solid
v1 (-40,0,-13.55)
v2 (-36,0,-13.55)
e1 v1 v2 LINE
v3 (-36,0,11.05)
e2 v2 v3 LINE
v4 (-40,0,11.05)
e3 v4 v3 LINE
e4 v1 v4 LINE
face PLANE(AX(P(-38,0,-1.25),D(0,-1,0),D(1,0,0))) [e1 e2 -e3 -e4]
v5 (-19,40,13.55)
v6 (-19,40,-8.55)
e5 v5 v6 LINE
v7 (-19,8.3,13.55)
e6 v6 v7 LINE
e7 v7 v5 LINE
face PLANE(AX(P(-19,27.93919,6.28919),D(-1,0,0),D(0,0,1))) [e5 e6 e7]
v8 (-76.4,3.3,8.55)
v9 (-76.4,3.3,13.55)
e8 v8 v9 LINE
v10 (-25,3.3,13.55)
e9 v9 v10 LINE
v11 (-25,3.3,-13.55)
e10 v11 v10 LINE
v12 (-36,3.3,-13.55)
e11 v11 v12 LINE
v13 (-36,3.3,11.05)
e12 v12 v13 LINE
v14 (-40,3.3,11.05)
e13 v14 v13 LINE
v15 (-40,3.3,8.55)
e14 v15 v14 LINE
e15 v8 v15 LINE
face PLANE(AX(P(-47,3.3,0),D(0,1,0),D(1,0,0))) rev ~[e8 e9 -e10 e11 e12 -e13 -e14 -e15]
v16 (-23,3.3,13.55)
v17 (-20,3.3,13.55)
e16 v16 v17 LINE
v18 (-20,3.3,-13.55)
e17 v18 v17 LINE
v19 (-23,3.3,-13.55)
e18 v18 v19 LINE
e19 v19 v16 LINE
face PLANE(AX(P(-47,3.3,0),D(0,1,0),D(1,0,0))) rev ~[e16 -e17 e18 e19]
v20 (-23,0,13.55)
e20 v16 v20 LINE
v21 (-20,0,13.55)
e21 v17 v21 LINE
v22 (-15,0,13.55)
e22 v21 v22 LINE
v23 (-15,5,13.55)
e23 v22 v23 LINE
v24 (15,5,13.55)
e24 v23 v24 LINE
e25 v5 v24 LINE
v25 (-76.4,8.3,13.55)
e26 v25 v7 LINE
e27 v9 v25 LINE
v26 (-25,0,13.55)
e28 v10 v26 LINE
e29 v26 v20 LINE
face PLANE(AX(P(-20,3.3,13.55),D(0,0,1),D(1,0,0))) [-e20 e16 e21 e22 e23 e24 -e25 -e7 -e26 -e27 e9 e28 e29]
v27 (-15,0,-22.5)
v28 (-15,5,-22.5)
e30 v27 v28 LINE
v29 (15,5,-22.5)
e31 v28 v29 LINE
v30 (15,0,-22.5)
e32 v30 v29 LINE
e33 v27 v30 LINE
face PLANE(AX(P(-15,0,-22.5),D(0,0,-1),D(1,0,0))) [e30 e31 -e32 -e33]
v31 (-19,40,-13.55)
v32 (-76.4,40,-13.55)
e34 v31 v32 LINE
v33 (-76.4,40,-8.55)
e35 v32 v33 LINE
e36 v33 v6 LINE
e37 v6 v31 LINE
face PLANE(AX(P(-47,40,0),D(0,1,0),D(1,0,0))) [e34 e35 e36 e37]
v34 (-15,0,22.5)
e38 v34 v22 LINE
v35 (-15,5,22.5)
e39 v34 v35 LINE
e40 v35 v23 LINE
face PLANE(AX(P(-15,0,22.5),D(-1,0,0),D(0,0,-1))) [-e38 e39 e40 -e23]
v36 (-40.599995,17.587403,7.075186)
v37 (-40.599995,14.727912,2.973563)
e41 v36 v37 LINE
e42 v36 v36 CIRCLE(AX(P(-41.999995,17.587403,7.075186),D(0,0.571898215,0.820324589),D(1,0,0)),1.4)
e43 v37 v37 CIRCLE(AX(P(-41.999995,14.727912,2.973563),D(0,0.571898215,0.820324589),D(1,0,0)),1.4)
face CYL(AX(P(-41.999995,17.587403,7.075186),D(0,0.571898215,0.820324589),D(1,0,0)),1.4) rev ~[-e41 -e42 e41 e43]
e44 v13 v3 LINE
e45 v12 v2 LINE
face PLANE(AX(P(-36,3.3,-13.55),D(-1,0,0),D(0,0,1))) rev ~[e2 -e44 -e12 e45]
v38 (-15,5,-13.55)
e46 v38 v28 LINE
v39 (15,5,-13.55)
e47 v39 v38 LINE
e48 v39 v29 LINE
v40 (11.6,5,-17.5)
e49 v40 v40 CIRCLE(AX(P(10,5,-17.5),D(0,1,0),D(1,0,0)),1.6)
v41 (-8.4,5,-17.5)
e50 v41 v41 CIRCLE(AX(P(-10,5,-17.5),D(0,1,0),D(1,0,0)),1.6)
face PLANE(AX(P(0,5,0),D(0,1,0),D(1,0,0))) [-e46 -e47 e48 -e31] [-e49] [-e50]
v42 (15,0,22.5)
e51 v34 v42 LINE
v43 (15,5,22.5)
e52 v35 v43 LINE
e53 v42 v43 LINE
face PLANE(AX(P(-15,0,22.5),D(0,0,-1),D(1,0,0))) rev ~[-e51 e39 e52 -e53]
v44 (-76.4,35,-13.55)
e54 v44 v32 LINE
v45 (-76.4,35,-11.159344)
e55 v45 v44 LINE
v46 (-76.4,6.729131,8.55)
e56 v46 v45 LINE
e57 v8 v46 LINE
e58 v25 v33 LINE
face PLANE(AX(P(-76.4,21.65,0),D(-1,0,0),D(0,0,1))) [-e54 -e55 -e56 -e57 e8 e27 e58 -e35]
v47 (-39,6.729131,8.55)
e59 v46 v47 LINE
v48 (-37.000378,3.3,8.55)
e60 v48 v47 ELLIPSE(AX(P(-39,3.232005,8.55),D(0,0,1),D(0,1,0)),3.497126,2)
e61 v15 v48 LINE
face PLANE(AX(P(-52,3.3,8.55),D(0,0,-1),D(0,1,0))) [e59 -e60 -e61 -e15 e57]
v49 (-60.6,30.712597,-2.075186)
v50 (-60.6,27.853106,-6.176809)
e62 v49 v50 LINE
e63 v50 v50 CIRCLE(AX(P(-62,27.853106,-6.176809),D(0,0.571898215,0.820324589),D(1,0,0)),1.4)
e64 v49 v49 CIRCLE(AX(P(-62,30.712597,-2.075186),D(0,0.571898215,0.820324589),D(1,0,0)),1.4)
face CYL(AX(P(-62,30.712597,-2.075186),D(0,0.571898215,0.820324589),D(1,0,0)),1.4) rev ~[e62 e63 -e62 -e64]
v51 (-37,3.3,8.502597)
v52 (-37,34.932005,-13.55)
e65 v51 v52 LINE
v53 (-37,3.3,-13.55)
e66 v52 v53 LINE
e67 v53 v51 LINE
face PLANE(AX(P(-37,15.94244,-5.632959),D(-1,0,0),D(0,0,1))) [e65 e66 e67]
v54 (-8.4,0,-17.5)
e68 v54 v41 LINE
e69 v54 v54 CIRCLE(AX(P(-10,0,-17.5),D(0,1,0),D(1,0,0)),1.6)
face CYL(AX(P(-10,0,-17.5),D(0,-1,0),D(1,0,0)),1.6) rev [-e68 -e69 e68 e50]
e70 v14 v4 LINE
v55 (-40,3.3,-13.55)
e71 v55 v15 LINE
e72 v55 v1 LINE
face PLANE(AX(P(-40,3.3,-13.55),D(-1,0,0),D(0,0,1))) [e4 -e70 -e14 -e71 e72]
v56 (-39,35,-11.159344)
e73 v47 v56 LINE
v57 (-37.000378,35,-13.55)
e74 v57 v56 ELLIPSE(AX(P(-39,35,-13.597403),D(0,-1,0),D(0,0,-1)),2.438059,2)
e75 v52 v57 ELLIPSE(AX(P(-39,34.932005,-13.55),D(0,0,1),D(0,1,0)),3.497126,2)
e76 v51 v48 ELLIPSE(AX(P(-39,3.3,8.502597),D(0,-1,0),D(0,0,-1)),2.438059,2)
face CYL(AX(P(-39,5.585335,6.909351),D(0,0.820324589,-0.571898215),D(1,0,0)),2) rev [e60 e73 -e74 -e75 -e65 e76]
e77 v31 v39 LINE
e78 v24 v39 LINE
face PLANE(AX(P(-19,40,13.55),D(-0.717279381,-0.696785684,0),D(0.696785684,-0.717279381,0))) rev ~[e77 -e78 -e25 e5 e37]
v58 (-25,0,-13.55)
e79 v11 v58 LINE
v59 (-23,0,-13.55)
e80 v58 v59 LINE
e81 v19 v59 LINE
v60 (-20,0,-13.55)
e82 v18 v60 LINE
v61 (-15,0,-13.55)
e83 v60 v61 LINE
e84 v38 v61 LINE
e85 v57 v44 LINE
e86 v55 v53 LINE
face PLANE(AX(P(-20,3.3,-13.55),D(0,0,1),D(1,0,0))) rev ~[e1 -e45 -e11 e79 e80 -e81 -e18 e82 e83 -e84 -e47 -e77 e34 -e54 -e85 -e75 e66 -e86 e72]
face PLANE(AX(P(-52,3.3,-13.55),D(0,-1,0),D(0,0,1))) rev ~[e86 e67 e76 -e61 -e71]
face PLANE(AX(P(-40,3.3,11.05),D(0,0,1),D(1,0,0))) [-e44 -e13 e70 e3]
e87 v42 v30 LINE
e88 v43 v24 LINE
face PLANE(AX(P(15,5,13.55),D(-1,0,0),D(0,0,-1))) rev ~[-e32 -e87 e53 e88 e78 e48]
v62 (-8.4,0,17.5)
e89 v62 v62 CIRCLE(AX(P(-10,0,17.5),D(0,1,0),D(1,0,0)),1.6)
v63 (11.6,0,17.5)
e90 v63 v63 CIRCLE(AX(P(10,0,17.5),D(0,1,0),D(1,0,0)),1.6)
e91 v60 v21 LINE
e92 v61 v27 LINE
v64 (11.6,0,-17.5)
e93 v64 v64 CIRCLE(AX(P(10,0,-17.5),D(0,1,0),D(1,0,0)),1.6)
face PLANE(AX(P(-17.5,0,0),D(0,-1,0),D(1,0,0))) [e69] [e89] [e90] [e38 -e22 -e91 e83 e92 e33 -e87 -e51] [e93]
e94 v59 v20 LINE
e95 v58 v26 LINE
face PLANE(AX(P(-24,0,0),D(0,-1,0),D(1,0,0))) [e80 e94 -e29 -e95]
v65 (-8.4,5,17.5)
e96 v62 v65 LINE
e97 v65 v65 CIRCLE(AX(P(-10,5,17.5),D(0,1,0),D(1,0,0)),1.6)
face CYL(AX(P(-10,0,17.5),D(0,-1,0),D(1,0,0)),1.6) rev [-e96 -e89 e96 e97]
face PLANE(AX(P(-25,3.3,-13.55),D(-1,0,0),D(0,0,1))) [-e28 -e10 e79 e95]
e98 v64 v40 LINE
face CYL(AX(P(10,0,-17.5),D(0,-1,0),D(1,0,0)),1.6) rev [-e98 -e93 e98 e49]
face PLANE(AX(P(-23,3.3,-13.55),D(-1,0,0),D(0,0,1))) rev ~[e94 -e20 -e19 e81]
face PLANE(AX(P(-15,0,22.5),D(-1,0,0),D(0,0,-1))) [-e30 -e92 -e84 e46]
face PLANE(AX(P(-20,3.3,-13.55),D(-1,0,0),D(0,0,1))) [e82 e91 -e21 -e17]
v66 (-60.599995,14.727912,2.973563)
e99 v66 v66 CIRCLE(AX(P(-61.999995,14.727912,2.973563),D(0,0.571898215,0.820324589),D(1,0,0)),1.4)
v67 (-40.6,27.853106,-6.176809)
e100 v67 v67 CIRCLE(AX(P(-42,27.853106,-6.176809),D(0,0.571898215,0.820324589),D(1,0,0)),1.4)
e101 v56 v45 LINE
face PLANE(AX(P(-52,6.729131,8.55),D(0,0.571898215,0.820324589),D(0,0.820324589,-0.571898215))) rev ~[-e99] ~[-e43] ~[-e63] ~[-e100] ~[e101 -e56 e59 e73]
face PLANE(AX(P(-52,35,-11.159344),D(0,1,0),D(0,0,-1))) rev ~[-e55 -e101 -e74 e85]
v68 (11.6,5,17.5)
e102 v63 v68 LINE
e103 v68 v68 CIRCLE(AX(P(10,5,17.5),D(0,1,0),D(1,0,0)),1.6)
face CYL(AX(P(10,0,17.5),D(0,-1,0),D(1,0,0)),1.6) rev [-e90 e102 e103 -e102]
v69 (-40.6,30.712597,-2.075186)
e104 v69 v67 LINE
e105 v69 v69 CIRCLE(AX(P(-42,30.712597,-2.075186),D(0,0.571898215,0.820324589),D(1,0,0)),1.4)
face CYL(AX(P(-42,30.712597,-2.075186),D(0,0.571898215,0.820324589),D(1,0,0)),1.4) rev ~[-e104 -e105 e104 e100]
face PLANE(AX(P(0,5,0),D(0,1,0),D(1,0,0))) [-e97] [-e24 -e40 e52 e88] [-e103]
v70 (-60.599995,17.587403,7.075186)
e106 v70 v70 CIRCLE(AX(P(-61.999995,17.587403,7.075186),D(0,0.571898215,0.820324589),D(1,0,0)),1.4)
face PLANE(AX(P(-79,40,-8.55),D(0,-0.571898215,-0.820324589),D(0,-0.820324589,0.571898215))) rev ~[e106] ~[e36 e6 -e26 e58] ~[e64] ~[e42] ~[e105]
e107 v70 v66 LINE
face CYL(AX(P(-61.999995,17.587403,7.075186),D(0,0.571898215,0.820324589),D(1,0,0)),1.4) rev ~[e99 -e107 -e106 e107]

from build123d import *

# Parameters (mm, degrees)
SKETCH1_W                = 30
SKETCH1_H                = 45
SKETCH1_R                = 1.6
BOSS_EXTRUDE3_DEPTH      = 5
SKETCH2_W                = 64
SKETCH2_H                = 27.1
SKETCH2_W_2              = 30
BOSS_EXTRUDE4_DEPTH      = 35
BOSS_EXTRUDE4_DEPTH_BACK = 1.7
SKETCH3_W                = 4
SKETCH3_H                = 24.6
SKETCH3_W_2              = 5
SKETCH3_H_2              = 27.1
SKETCH3_W_3              = 2
BOSS_EXTRUDE5_DEPTH      = 3.3
CUT_EXTRUDE2_DEPTH       = 60
SKETCH6_R                = 1.4
CUT_EXTRUDE3_DEPTH       = 39
SKETCH7_W                = 27.1
SKETCH7_H                = 36.7
CUT_EXTRUDE4_DEPTH       = 2.6
CUT_EXTRUDE5_DEPTH       = 15
CUT_EXTRUDE5_DEPTH_BACK  = 15
CUT_EXTRUDE6_DEPTH       = 9.4
CUT_EXTRUDE7_DEPTH       = 37.05
FILLET1_R                = 2


with BuildPart() as part:
    # Sketch1 → Boss-Extrude3 (new body)
    with BuildSketch(Plane(origin=(0, 0, 0), x_dir=(1, 0, 0), z_dir=(0, 1, 0))):
        Rectangle(SKETCH1_W, SKETCH1_H)
        with Locations((-10, 17.5)):
            Circle(SKETCH1_R, mode=Mode.SUBTRACT)
        with Locations((10, 17.5)):
            Circle(SKETCH1_R, mode=Mode.SUBTRACT)
        with Locations((10, -17.5)):
            Circle(SKETCH1_R, mode=Mode.SUBTRACT)
        with Locations((-10, -17.5)):
            Circle(SKETCH1_R, mode=Mode.SUBTRACT)
    extrude(amount=BOSS_EXTRUDE3_DEPTH)

    # Sketch2 → Boss-Extrude4 (add, two sides)
    with BuildSketch(Plane(origin=(0, 5, 0), x_dir=(1, 0, 0), z_dir=(0, 1, 0))) as boss_extrude4_sk:
        with Locations((-47, 0)):
            Rectangle(SKETCH2_W, SKETCH2_H)
        Rectangle(SKETCH2_W_2, SKETCH2_H)
    extrude(amount=BOSS_EXTRUDE4_DEPTH)
    extrude(boss_extrude4_sk.sketch, amount=-BOSS_EXTRUDE4_DEPTH_BACK)

    # Sketch3 → Boss-Extrude5 (add)
    with BuildSketch(Plane.XZ.offset(-3.3)):
        with Locations((-38, -1.25)):
            Rectangle(SKETCH3_W, SKETCH3_H)
        with Locations((-17.5, 0)):
            Rectangle(SKETCH3_W_2, SKETCH3_H_2)
        with Locations((-24, 0)):
            Rectangle(SKETCH3_W_3, SKETCH3_H_2)
    extrude(amount=BOSS_EXTRUDE5_DEPTH)

    # Sketch5 → Cut-Extrude2 (cut)
    with BuildSketch(Plane.ZY.offset(79)):
        Polygon((-8.55, 40), (13.55, 8.3), (13.55, 40), align=None)
    extrude(amount=-CUT_EXTRUDE2_DEPTH, mode=Mode.SUBTRACT)

    # Sketch6 → Cut-Extrude3 (cut)
    with BuildSketch(Plane(origin=(0, 9.071537199, 13.012114445), x_dir=(1, 0, 0), z_dir=(0, 0.571898215, 0.820324589))):
        with Locations((-62, 26.38109329)):
            Circle(SKETCH6_R)
        with Locations((-42, 26.38109329)):
            Circle(SKETCH6_R)
        with Locations((-41.999995471, 10.38109329)):
            Circle(SKETCH6_R)
        with Locations((-61.999995471, 10.38109329)):
            Circle(SKETCH6_R)
    extrude(amount=-CUT_EXTRUDE3_DEPTH, mode=Mode.SUBTRACT)

    # Sketch7 → Cut-Extrude4 (cut)
    with BuildSketch(Plane.ZY.offset(79)):
        with Locations((0, 21.65)):
            Rectangle(SKETCH7_W, SKETCH7_H)
    extrude(amount=-CUT_EXTRUDE4_DEPTH, mode=Mode.SUBTRACT)

    # Sketch10 → Cut-Extrude5 (cut, two sides)
    with BuildSketch(Plane.ZY.offset(52)) as cut_extrude5_sk:
        Polygon((-13.55, 35), (-13.55, 3.3), (8.55, 3.3), (8.55, 6.729131215), (-11.159343853, 35), align=None)
    extrude(amount=CUT_EXTRUDE5_DEPTH, mode=Mode.SUBTRACT)
    extrude(cut_extrude5_sk.sketch, amount=-CUT_EXTRUDE5_DEPTH_BACK, mode=Mode.SUBTRACT)

    # Sketch11 → Cut-Extrude6 (cut)
    with BuildSketch(Plane.ZY.offset(76.4)):
        Polygon((-13.55, 35), (-13.55, 3.3), (8.55, 3.3), (8.55, 6.729131215), (-11.159343853, 35), align=None)
    extrude(amount=-CUT_EXTRUDE6_DEPTH, mode=Mode.SUBTRACT)

    # Sketch12 → Cut-Extrude7 (cut, through all)
    with BuildSketch(Plane.XY.offset(13.55)):
        Polygon((-19, 40), (15, 5), (15, 40), align=None)
    extrude(amount=-CUT_EXTRUDE7_DEPTH, mode=Mode.SUBTRACT)

    # Fillet1
    fillet1_edges = [part.edges().sort_by_distance(p)[0] for p in [
        (-37, 20.864565607, -1.304671927),
    ]]
    fillet(fillet1_edges, radius=FILLET1_R)


solid = part.part
